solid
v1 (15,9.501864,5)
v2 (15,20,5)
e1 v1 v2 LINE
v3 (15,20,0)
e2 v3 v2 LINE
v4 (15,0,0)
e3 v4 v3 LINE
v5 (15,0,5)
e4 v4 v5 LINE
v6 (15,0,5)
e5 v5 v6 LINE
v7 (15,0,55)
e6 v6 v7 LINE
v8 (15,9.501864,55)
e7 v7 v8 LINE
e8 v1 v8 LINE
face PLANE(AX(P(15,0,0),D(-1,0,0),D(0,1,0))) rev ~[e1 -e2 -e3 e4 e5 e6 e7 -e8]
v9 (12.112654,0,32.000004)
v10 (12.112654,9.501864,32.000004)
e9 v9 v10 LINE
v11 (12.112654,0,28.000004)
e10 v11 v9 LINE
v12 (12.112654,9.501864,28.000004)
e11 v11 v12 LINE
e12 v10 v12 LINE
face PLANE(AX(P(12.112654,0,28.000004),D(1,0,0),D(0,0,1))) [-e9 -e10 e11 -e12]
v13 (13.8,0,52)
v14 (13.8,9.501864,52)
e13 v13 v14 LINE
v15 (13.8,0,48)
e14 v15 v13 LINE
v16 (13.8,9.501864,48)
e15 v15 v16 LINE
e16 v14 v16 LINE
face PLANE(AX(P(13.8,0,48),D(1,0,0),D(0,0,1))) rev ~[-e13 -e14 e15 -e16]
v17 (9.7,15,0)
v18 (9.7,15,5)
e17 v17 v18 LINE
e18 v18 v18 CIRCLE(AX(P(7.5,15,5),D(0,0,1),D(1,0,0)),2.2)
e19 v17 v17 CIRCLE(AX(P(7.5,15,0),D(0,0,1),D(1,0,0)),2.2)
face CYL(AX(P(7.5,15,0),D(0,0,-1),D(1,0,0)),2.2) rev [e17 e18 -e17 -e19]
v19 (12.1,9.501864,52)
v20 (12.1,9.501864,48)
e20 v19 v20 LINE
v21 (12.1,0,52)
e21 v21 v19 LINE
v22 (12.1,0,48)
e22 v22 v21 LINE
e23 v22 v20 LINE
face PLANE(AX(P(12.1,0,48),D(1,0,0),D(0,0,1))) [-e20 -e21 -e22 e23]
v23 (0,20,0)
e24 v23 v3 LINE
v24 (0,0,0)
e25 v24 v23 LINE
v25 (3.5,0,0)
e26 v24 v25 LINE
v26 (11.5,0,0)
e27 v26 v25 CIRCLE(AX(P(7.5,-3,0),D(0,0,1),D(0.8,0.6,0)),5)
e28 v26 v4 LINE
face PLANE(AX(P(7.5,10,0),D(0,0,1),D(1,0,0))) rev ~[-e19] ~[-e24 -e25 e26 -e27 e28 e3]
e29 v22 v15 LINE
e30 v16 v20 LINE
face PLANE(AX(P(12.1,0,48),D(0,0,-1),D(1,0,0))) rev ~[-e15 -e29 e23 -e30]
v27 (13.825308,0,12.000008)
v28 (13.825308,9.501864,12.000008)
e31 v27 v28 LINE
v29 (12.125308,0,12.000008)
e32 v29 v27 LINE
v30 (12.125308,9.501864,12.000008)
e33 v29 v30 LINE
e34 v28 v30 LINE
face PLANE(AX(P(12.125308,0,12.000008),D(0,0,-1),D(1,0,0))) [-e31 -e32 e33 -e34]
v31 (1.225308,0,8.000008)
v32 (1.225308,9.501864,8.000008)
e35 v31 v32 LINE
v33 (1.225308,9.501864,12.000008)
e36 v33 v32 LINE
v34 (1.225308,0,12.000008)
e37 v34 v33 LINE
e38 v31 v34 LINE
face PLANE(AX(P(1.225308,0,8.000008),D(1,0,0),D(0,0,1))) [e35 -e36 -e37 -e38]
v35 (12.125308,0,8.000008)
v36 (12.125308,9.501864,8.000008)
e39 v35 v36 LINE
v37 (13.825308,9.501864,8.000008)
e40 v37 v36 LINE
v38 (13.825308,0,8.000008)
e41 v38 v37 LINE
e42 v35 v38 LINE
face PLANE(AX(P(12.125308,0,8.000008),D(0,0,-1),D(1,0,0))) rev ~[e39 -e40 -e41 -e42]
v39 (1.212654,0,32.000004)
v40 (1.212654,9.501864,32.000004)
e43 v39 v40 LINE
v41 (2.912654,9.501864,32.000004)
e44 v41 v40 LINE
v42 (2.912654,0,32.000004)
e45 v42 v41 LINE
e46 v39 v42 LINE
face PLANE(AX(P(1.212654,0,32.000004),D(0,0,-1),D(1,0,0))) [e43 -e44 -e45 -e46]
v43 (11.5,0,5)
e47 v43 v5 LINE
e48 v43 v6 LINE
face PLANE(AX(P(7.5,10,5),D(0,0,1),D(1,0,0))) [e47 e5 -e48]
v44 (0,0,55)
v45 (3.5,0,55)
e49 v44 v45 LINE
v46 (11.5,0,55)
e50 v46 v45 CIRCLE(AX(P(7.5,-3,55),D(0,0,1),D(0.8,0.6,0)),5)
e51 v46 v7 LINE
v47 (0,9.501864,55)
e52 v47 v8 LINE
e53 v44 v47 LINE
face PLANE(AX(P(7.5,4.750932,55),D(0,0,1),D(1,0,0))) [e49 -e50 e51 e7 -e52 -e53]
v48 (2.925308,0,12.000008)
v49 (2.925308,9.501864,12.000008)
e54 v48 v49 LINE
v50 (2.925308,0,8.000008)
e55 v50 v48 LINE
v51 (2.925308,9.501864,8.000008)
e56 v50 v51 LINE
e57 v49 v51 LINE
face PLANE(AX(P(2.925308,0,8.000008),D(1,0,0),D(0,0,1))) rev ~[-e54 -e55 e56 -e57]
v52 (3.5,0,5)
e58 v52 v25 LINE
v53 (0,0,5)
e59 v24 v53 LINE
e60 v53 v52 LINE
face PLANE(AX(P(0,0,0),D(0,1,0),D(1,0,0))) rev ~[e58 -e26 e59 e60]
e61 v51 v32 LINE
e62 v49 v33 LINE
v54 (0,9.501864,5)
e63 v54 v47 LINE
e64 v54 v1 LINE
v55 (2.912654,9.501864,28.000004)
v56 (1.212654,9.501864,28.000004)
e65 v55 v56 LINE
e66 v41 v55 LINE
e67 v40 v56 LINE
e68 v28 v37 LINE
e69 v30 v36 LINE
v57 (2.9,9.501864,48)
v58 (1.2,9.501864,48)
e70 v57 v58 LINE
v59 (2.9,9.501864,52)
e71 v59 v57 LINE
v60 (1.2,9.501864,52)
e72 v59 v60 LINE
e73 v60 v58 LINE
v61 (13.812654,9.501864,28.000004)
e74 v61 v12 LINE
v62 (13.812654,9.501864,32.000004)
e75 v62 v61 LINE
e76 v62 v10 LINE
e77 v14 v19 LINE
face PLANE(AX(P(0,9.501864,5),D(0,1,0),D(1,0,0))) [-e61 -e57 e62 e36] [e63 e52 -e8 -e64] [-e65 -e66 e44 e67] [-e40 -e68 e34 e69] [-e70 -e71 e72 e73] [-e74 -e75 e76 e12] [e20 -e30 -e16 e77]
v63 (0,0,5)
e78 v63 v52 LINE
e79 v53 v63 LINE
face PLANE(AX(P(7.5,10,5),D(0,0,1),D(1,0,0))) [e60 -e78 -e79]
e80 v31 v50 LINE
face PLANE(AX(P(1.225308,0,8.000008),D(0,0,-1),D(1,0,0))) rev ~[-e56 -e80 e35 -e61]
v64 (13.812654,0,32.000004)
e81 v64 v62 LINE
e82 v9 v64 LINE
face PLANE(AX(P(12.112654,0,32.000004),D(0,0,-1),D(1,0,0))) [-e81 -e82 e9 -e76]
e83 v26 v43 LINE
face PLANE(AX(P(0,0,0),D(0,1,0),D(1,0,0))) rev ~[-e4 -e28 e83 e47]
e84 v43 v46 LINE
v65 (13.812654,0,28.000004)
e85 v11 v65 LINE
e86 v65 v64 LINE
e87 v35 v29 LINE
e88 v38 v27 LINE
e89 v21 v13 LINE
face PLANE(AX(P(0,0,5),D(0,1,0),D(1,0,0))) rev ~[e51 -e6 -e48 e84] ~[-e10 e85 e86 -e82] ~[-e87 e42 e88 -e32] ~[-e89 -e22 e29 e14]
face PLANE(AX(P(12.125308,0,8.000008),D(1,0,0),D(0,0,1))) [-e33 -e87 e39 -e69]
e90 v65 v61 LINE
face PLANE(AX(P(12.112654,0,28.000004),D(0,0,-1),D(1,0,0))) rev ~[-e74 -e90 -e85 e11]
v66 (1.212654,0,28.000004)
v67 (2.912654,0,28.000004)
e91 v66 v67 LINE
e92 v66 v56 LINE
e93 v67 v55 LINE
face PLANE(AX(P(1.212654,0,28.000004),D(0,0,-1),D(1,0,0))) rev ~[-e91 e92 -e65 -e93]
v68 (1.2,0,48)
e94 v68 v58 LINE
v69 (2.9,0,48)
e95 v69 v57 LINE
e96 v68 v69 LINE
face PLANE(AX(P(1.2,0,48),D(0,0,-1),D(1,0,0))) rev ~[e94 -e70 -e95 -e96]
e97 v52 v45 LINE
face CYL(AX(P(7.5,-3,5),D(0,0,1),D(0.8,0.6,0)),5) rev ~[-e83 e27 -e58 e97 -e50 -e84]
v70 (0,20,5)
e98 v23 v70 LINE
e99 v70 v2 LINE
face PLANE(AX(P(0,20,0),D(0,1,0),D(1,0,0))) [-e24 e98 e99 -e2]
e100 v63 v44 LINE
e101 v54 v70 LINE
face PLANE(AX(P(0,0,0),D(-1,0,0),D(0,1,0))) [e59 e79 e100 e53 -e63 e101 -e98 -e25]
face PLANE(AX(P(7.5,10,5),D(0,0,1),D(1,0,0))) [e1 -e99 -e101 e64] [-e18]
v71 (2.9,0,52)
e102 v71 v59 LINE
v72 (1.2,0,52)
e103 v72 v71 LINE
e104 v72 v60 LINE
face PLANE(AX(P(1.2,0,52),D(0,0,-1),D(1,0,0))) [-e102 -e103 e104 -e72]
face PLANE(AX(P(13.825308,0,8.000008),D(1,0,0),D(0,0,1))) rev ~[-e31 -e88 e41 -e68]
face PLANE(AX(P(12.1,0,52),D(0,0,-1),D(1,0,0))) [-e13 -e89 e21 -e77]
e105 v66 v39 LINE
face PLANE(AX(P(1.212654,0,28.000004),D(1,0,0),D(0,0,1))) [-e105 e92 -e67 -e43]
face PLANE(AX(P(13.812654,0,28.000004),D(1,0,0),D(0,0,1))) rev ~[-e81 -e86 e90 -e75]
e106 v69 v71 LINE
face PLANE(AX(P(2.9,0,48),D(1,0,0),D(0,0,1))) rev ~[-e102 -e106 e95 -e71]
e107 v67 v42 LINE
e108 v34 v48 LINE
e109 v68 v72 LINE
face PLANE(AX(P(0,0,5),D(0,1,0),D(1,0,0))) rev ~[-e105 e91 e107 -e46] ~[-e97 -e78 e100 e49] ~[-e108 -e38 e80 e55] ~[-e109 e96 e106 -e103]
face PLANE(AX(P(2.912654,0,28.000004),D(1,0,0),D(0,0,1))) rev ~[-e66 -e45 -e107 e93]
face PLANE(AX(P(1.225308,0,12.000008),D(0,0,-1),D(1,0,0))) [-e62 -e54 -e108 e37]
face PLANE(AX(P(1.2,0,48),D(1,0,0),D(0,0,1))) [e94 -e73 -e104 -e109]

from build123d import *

# Parameters (mm, degrees)
F0_W     = 15
F0_H     = 20
F0_R     = 2.2
F1_DEPTH = 5
F3_W     = 15
F3_H     = 9.501863
F4_DEPTH = 50
F5_DEPTH = 50
F6_W     = 1.7
F6_H     = 4
F7_DEPTH = 25


with BuildPart() as f1:
    # F0 (on Top) → F1 (new body)
    with BuildSketch(Plane.XY):
        with Locations((7.5, 10)):
            Rectangle(F0_W, F0_H)
        with Locations((7.5, 15)):
            Circle(F0_R, mode=Mode.SUBTRACT)
    extrude(amount=F1_DEPTH)

    # F3 (on face) → F4 (join)
    with BuildSketch(Plane.XY.offset(5)):
        with Locations((7.5, 4.750932)):
            Rectangle(F3_W, F3_H)
    extrude(amount=F4_DEPTH)

    # F2 (on face) → F5 (cut, symmetric)
    with BuildSketch(Plane.XY.offset(5)):
        with BuildLine():
            Line((3.5, 0), (11.5, 0))
            ThreePointArc((11.5, 0), (7.5, 2), (3.5, 0))
        make_face()
    extrude(amount=F5_DEPTH, both=True, mode=Mode.SUBTRACT)

    # F6 (on face) → F7 (cut)
    with BuildSketch(Plane.XZ):
        with Locations((2.05, 50)):
            Rectangle(F6_W, F6_H)
        with Locations((12.95, 50)):
            Rectangle(F6_W, F6_H)
        with Locations((2.062654, 30.000004)):
            Rectangle(F6_W, F6_H)
        with Locations((12.962654, 30.000004)):
            Rectangle(F6_W, F6_H)
        with Locations((2.075308, 10.000008)):
            Rectangle(F6_W, F6_H)
        with Locations((12.975308, 10.000008)):
            Rectangle(F6_W, F6_H)
    extrude(amount=-F7_DEPTH, mode=Mode.SUBTRACT)


solid = f1.part
